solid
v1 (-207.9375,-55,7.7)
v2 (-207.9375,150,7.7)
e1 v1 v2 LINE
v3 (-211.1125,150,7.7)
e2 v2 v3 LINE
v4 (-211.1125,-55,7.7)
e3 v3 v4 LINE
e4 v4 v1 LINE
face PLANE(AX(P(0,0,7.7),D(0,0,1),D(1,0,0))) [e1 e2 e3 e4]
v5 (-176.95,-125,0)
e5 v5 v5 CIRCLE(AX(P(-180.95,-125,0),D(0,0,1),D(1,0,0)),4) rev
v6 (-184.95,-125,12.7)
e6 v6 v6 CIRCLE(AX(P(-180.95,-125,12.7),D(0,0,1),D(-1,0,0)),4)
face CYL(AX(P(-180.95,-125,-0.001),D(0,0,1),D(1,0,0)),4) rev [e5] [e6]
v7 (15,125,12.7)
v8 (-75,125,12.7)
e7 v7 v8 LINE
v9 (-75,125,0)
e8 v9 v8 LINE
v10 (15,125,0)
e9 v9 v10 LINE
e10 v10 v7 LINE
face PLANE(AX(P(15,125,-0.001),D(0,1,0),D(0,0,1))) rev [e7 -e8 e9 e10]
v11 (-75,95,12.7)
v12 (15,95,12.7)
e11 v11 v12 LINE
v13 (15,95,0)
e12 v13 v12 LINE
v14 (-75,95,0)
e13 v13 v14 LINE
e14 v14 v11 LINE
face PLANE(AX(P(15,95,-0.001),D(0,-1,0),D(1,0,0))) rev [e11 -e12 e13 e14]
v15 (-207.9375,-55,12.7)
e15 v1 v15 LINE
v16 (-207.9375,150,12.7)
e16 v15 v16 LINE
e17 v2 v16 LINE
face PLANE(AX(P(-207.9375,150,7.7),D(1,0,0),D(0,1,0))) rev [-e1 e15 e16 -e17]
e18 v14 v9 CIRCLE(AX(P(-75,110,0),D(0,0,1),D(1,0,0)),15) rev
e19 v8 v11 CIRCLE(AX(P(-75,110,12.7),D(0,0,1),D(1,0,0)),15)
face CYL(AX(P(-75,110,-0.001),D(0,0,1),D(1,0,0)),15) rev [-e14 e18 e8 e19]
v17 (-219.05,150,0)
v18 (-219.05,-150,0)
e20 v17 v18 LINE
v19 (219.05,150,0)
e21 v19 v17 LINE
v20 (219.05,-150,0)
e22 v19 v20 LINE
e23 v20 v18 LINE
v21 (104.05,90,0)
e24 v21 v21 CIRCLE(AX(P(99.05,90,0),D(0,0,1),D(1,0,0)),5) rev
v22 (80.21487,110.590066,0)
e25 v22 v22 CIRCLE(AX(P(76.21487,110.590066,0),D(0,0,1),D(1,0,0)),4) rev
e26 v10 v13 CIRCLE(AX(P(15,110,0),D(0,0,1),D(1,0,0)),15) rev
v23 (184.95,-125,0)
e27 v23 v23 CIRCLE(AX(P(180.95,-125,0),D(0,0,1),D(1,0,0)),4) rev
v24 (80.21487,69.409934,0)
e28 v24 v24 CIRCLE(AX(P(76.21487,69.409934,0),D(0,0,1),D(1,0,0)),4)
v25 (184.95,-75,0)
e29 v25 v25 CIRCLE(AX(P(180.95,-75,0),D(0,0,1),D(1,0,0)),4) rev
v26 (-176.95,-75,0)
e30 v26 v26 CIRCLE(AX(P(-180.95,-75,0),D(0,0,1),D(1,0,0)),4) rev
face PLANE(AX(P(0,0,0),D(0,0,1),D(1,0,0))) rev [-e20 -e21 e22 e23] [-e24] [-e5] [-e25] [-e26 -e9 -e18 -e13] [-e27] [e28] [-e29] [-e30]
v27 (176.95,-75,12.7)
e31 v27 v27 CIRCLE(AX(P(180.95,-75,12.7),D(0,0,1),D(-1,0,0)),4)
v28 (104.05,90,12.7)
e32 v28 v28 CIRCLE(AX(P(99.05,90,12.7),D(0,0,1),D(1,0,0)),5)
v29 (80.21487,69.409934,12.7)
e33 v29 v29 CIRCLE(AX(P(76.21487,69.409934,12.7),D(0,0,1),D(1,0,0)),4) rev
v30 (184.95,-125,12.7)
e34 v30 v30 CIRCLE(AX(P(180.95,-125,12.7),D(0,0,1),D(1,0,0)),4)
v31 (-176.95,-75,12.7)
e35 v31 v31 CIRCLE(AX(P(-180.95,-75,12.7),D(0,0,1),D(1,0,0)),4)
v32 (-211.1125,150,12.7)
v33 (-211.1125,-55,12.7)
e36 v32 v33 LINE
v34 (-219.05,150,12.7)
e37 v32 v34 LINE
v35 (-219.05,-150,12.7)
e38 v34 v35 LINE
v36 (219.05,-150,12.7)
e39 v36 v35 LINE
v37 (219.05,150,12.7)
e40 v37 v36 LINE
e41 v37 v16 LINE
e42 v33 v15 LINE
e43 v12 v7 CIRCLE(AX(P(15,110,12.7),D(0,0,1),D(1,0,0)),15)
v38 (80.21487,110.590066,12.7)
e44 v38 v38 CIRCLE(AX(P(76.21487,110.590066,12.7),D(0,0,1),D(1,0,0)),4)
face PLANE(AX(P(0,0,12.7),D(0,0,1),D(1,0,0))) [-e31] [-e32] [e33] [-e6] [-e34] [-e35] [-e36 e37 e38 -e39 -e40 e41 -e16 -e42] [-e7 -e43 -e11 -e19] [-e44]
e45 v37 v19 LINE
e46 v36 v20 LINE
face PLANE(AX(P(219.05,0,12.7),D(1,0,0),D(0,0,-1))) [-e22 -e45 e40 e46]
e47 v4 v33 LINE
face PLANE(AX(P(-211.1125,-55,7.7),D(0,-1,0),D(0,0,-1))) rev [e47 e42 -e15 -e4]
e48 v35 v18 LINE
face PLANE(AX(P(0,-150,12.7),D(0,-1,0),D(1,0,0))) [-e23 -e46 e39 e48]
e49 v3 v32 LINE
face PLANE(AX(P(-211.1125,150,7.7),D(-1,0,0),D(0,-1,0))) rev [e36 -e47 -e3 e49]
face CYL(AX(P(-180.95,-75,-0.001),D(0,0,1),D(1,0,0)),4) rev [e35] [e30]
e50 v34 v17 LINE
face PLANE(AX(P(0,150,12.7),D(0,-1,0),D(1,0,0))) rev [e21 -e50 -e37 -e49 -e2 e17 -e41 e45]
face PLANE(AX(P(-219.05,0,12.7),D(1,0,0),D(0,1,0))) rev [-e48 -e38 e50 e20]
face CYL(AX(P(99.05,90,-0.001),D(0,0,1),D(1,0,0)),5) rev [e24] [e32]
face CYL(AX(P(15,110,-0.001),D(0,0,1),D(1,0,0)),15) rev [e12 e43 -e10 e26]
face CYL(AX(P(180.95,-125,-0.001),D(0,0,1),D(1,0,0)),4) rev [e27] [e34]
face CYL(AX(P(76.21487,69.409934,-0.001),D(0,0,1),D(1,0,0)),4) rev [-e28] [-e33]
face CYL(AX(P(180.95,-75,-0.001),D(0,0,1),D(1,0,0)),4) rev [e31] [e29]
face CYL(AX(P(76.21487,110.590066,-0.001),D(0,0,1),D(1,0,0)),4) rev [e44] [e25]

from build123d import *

# Parameters (mm, degrees)
SKETCH1_W           = 438.1
SKETCH1_H           = 300
BOSS_EXTRUDE1_DEPTH = 12.7
CUT_EXTRUDE1_REACH  = 267.79
SKETCH2_R           = 4
SKETCH2_R_2         = 5
SKETCH3_W           = 3.175
SKETCH3_H           = 205
CUT_EXTRUDE2_DEPTH  = 5
CUT_EXTRUDE3_REACH  = 267.79
SKETCH4_R           = 4
CUT_EXTRUDE4_REACH  = 267.79


with BuildPart() as part:
    # Sketch1 → Boss-Extrude1 (new body)
    with BuildSketch(Plane.XY):
        Rectangle(SKETCH1_W, SKETCH1_H)
    extrude(amount=BOSS_EXTRUDE1_DEPTH)

    # Sketch2 → Cut-Extrude1 (cut, up to next)
    with BuildSketch(Plane.XY.offset(12.7), mode=Mode.PRIVATE) as cut_extrude1_sk1:
        with Locations((76.214870385, 69.409934415)):
            Circle(SKETCH2_R)
    cut_extrude1_tool1 = extrude(cut_extrude1_sk1.sketch, amount=-CUT_EXTRUDE1_REACH, mode=Mode.PRIVATE) & part.part
    # Sketch2 → Cut-Extrude1 (cut, up to next)
    with BuildSketch(Plane.XY.offset(12.7), mode=Mode.PRIVATE) as cut_extrude1_sk2:
        with Locations((76.214870385, 110.590065585)):
            Circle(SKETCH2_R)
    cut_extrude1_tool2 = extrude(cut_extrude1_sk2.sketch, amount=-CUT_EXTRUDE1_REACH, mode=Mode.PRIVATE) & part.part
    # Sketch2 → Cut-Extrude1 (cut, up to next)
    with BuildSketch(Plane.XY.offset(12.7), mode=Mode.PRIVATE) as cut_extrude1_sk3:
        with Locations((99.05, 90)):
            Circle(SKETCH2_R_2)
    cut_extrude1_tool3 = extrude(cut_extrude1_sk3.sketch, amount=-CUT_EXTRUDE1_REACH, mode=Mode.PRIVATE) & part.part
    add(cut_extrude1_tool1.solids().sort_by_distance((76.21487, 69.409934, 12.7))[0], mode=Mode.SUBTRACT)
    add(cut_extrude1_tool2.solids().sort_by_distance((76.21487, 110.590066, 12.7))[0], mode=Mode.SUBTRACT)
    add(cut_extrude1_tool3.solids().sort_by_distance((99.05, 90, 12.7))[0], mode=Mode.SUBTRACT)

    # Sketch3 → Cut-Extrude2 (cut)
    with BuildSketch(Plane.XY.offset(12.7)):
        with Locations((-209.525, 47.5)):
            Rectangle(SKETCH3_W, SKETCH3_H)
    extrude(amount=-CUT_EXTRUDE2_DEPTH, mode=Mode.SUBTRACT)

    # Sketch4 → Cut-Extrude3 (cut, up to next)
    with BuildSketch(Plane.XY.offset(12.7), mode=Mode.PRIVATE) as cut_extrude3_sk1:
        with Locations((-180.95, -75)):
            Circle(SKETCH4_R)
    cut_extrude3_tool1 = extrude(cut_extrude3_sk1.sketch, amount=-CUT_EXTRUDE3_REACH, mode=Mode.PRIVATE) & part.part
    # Sketch4 → Cut-Extrude3 (cut, up to next)
    with BuildSketch(Plane.XY.offset(12.7), mode=Mode.PRIVATE) as cut_extrude3_sk2:
        with Locations((-180.95, -125)):
            Circle(SKETCH4_R)
    cut_extrude3_tool2 = extrude(cut_extrude3_sk2.sketch, amount=-CUT_EXTRUDE3_REACH, mode=Mode.PRIVATE) & part.part
    # Sketch4 → Cut-Extrude3 (cut, up to next)
    with BuildSketch(Plane.XY.offset(12.7), mode=Mode.PRIVATE) as cut_extrude3_sk3:
        with Locations((180.95, -125)):
            Circle(SKETCH4_R)
    cut_extrude3_tool3 = extrude(cut_extrude3_sk3.sketch, amount=-CUT_EXTRUDE3_REACH, mode=Mode.PRIVATE) & part.part
    # Sketch4 → Cut-Extrude3 (cut, up to next)
    with BuildSketch(Plane.XY.offset(12.7), mode=Mode.PRIVATE) as cut_extrude3_sk4:
        with Locations((180.95, -75)):
            Circle(SKETCH4_R)
    cut_extrude3_tool4 = extrude(cut_extrude3_sk4.sketch, amount=-CUT_EXTRUDE3_REACH, mode=Mode.PRIVATE) & part.part
    add(cut_extrude3_tool1.solids().sort_by_distance((-180.95, -75, 12.7))[0], mode=Mode.SUBTRACT)
    add(cut_extrude3_tool2.solids().sort_by_distance((-180.95, -125, 12.7))[0], mode=Mode.SUBTRACT)
    add(cut_extrude3_tool3.solids().sort_by_distance((180.95, -125, 12.7))[0], mode=Mode.SUBTRACT)
    add(cut_extrude3_tool4.solids().sort_by_distance((180.95, -75, 12.7))[0], mode=Mode.SUBTRACT)

    # Sketch5 → Cut-Extrude4 (cut, up to next)
    with BuildSketch(Plane.XY.offset(12.7), mode=Mode.PRIVATE) as cut_extrude4_sk1:
        with BuildLine():
            Line((15, 95), (-75, 95))
            ThreePointArc((-75, 95), (-90, 110), (-75, 125))
            Line((-75, 125), (15, 125))
            ThreePointArc((15, 125), (30, 110), (15, 95))
        make_face()
    cut_extrude4_tool1 = extrude(cut_extrude4_sk1.sketch, amount=-CUT_EXTRUDE4_REACH, mode=Mode.PRIVATE) & part.part
    add(cut_extrude4_tool1.solids().sort_by_distance((-30, 110, 12.7))[0], mode=Mode.SUBTRACT)


solid = part.part
